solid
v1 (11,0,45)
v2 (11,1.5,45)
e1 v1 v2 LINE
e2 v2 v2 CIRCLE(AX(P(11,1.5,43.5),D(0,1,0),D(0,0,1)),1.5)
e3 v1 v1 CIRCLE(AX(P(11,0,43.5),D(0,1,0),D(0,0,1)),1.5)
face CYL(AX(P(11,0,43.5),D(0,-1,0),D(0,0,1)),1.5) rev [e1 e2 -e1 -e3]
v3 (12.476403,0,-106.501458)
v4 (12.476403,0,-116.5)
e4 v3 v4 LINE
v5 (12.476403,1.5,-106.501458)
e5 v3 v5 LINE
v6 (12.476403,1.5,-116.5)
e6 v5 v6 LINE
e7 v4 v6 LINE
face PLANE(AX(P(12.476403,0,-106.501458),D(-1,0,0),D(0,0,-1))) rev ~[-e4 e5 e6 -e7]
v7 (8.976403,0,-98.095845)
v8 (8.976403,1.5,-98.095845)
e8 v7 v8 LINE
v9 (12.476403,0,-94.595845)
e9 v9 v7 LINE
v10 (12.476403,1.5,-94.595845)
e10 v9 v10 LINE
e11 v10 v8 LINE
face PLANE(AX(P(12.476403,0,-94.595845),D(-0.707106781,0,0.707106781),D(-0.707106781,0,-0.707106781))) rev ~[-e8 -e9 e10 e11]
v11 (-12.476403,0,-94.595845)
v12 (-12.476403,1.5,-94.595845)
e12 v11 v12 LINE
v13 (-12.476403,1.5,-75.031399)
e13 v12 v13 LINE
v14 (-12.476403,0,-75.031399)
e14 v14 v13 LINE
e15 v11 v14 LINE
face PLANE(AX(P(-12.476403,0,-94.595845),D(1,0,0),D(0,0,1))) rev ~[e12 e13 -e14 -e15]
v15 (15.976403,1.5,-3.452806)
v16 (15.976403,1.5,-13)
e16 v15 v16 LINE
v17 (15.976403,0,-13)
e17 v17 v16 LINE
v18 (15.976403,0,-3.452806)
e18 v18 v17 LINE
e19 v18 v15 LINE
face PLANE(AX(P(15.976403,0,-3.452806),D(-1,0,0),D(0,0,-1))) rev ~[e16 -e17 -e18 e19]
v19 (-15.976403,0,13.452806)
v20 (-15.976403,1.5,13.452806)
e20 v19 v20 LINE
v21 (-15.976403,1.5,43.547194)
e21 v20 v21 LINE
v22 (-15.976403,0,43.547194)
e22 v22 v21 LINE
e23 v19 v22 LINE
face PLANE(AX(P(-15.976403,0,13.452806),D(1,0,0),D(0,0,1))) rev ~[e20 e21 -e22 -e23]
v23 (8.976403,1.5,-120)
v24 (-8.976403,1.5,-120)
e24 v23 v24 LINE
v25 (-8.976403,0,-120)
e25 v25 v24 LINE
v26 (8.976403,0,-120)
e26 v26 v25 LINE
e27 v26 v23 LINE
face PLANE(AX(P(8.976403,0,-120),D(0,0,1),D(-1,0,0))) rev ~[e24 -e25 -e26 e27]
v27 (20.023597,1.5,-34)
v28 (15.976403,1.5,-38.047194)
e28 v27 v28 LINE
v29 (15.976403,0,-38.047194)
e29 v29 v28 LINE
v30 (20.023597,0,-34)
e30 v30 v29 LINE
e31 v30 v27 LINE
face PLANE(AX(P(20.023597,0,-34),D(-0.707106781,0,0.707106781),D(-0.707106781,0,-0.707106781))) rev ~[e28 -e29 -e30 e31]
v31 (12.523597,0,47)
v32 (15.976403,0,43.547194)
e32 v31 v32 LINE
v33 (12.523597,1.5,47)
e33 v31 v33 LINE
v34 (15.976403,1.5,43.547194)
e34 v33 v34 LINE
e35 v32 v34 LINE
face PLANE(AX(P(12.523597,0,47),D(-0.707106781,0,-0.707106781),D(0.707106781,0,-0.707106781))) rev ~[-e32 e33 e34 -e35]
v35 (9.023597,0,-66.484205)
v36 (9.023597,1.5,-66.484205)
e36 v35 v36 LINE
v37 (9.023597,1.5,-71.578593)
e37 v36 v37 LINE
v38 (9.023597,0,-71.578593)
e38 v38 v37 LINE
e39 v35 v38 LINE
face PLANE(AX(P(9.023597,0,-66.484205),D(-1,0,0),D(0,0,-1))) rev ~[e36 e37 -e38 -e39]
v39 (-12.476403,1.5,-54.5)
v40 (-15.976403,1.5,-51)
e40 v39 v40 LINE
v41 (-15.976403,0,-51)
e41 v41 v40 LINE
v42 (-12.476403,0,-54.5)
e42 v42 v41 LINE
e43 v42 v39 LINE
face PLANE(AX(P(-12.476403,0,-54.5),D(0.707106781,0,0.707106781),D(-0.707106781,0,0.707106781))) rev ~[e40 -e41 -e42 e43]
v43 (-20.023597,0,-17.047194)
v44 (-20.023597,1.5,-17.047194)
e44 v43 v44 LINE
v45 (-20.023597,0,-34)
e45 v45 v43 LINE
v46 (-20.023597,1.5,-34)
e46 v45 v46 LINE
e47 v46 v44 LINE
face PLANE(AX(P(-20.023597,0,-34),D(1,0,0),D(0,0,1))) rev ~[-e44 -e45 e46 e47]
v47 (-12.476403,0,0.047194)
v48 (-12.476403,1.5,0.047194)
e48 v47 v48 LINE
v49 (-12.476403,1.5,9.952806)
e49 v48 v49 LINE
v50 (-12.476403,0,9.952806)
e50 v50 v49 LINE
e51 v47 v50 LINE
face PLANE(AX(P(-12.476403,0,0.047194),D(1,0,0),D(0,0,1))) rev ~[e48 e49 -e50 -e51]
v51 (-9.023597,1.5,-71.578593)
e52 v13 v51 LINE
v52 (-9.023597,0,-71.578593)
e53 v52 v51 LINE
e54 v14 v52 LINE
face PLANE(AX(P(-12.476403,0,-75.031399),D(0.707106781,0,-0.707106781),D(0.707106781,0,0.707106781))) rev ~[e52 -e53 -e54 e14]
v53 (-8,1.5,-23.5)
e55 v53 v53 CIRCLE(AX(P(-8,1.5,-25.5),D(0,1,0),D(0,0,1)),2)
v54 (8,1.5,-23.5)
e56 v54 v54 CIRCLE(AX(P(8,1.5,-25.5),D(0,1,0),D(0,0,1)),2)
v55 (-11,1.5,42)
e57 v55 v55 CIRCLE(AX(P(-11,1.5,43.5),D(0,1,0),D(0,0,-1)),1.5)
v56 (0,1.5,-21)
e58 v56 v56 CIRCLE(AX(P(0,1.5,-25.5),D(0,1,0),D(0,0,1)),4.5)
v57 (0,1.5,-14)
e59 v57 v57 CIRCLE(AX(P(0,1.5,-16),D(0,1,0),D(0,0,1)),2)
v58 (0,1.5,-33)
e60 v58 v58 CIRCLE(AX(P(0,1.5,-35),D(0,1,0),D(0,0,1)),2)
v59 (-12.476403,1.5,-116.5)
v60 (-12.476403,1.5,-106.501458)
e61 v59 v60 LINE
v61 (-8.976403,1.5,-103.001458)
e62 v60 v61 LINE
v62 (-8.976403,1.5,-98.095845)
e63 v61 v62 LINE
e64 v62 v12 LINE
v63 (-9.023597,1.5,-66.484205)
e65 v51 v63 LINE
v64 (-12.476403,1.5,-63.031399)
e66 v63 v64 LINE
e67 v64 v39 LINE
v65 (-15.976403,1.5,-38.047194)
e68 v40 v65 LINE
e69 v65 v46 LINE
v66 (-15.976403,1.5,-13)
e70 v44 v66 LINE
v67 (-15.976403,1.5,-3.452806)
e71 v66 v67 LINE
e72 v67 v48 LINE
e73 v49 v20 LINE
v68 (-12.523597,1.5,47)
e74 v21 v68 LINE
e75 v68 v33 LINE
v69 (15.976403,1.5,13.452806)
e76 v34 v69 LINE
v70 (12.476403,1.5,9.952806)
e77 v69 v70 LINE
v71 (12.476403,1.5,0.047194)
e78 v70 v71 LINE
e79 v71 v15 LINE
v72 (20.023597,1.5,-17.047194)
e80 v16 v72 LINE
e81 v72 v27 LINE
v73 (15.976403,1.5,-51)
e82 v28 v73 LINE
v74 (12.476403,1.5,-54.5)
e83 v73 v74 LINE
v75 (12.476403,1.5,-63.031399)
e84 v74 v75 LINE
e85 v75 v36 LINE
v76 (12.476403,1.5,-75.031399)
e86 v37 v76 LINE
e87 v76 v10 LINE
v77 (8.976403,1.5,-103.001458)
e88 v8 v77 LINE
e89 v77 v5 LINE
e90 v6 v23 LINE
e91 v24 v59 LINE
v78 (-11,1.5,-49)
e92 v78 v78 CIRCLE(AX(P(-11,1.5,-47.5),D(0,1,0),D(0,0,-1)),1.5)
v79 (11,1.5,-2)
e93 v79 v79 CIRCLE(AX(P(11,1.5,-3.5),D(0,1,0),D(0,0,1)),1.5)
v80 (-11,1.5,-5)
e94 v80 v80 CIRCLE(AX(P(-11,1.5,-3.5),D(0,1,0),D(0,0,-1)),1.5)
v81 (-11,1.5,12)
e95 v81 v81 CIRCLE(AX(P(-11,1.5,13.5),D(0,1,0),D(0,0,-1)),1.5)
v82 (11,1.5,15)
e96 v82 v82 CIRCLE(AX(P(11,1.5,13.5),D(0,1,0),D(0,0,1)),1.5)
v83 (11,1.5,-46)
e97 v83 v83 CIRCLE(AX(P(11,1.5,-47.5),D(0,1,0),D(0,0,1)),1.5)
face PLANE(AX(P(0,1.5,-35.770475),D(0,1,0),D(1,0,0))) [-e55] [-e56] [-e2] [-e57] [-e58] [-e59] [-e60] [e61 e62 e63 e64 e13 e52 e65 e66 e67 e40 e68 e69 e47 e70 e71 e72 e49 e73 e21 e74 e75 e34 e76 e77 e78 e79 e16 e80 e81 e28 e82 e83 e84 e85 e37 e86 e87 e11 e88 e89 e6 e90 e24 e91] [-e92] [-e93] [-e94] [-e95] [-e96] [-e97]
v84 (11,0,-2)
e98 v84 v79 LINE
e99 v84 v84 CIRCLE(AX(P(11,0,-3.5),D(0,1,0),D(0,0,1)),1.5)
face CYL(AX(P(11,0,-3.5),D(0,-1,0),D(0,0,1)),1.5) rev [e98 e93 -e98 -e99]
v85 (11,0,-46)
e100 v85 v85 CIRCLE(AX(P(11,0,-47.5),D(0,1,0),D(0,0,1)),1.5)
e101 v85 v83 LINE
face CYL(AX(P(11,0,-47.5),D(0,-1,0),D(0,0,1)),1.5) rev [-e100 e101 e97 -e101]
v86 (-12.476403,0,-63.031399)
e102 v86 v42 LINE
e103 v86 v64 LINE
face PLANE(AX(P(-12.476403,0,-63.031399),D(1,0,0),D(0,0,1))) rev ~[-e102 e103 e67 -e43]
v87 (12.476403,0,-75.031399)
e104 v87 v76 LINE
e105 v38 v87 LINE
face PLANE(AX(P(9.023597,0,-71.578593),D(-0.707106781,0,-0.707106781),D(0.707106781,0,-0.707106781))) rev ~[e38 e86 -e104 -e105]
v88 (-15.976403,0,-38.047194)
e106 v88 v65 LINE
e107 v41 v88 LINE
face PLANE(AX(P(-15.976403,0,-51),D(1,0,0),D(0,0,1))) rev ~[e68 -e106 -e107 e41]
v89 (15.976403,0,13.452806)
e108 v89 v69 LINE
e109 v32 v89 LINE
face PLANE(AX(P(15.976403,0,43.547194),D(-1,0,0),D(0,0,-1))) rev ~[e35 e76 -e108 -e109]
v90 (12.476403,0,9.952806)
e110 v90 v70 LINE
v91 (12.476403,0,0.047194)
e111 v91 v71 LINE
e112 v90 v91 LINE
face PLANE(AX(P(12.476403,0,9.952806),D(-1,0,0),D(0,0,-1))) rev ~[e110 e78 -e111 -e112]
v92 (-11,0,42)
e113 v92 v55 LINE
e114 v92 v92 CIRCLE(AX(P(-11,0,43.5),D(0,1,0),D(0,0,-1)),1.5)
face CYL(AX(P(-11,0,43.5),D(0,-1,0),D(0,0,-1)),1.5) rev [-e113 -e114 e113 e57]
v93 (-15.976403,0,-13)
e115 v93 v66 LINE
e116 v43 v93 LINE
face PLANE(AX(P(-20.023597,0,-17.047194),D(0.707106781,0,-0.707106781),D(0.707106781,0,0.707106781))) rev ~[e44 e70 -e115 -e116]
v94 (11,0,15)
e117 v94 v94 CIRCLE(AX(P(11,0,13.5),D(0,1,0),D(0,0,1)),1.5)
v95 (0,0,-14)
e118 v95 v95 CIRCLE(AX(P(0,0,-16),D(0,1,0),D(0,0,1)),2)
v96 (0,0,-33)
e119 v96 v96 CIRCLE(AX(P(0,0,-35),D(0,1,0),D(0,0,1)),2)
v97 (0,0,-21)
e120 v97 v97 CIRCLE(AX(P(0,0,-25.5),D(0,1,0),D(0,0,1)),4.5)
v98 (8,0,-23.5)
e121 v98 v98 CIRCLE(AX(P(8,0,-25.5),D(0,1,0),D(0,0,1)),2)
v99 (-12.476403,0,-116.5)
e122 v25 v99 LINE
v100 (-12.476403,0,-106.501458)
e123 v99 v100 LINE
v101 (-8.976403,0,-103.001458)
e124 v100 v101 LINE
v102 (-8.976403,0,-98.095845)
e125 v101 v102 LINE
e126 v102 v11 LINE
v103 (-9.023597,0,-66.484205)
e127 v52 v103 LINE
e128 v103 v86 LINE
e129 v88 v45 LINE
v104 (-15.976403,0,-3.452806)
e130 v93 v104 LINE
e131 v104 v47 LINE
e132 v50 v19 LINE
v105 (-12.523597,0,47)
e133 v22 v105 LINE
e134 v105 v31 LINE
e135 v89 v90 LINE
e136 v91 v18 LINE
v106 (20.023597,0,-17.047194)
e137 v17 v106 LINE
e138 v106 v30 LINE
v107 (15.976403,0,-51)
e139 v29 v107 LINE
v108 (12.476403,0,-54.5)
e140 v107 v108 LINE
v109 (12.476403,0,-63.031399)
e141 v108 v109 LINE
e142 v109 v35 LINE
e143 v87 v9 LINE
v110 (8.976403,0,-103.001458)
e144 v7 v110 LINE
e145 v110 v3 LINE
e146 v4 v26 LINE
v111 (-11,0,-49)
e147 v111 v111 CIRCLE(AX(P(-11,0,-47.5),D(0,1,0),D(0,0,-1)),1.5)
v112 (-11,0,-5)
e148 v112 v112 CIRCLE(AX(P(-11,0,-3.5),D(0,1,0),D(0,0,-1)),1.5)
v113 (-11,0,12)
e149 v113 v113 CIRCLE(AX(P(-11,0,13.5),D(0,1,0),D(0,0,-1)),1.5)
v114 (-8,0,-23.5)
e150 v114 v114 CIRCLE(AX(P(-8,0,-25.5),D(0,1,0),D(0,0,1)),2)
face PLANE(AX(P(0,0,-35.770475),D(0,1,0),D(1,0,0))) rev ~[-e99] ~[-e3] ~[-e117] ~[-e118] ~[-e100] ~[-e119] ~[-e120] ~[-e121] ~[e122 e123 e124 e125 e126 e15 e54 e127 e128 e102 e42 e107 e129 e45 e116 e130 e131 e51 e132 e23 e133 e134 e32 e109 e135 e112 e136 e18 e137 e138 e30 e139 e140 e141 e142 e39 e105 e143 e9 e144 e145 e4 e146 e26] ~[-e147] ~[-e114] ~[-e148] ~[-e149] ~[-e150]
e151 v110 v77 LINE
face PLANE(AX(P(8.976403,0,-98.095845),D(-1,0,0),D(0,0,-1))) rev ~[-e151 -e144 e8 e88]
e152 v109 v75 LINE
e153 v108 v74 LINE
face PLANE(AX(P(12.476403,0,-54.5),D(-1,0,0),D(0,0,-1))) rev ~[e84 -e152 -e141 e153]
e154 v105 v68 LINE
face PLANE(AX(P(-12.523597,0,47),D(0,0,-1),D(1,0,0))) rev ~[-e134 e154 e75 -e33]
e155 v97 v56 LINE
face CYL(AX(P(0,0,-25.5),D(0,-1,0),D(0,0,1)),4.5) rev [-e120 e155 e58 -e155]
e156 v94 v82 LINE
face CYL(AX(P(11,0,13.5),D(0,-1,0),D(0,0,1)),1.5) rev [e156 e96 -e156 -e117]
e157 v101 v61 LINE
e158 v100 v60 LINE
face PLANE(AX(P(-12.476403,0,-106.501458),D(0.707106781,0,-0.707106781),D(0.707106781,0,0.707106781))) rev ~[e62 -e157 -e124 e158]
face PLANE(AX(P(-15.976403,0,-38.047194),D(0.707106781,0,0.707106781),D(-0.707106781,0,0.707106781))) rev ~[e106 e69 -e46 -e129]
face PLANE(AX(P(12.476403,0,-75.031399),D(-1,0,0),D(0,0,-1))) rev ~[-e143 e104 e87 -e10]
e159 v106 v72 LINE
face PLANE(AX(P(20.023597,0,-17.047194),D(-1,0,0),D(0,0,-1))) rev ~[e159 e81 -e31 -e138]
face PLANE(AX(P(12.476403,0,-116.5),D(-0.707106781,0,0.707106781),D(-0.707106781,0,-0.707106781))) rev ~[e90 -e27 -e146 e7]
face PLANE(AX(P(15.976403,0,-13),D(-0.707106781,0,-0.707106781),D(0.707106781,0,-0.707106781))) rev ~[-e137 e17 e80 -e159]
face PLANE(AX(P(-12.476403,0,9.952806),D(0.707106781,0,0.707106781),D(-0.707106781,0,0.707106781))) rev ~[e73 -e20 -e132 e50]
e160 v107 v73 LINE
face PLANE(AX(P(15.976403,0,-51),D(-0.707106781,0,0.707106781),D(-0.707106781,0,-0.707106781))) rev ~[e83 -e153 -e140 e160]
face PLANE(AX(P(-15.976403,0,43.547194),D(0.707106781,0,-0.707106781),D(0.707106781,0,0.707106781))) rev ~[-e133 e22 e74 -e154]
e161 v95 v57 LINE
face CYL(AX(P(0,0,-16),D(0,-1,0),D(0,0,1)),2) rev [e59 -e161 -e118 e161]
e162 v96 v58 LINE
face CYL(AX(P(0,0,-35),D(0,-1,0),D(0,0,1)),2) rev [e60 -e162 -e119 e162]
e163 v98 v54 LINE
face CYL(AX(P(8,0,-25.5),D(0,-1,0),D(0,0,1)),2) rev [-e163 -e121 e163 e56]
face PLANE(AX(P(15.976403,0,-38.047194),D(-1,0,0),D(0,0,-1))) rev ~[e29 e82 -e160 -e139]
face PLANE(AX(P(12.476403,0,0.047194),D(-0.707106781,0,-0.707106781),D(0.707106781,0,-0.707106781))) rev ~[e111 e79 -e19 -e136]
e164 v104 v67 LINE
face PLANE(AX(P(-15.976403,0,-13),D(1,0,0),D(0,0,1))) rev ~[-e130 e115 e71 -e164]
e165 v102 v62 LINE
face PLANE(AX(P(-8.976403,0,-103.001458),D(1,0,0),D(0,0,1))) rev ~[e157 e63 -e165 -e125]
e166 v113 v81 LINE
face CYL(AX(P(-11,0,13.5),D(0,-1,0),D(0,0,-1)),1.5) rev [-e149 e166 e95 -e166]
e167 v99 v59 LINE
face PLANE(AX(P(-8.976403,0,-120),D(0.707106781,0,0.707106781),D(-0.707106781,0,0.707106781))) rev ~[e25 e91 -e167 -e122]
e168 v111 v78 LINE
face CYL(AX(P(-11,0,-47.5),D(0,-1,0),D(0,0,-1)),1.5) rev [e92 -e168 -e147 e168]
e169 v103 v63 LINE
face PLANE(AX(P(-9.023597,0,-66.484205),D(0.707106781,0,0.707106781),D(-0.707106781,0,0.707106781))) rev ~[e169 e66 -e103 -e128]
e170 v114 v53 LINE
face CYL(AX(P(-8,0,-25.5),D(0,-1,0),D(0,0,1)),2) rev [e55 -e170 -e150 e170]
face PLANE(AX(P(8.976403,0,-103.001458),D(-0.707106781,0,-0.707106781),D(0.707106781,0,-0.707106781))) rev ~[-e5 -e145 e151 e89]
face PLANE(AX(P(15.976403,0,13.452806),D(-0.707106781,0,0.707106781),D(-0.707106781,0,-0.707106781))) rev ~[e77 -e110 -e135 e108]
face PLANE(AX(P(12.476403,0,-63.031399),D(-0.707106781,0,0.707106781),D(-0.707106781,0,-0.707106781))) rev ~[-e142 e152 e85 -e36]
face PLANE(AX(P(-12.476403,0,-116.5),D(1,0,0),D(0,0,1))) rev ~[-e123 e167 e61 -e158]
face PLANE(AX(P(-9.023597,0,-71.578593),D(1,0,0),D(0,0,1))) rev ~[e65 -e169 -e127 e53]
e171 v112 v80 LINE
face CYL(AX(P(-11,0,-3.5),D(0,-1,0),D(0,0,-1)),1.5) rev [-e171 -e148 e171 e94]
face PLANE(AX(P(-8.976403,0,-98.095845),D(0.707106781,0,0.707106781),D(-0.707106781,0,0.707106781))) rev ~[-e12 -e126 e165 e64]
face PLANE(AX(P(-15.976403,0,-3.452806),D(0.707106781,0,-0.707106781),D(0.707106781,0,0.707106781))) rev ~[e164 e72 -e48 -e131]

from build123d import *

# Parameters (mm, degrees)
SKETCH_1_R      = 4.5
SKETCH_1_R_2    = 2
SKETCH_1_R_3    = 1.5
EXTRUDE_1_DEPTH = 1.5


with BuildPart() as part:
    # 草图1 → 凸台-拉伸1 (new body)
    with BuildSketch(Plane(origin=(0, 0, 0), x_dir=(1, 0, 0), z_dir=(0, 1, 0))):
        Polygon((20.023596815, 17.047193631), (20.023596815, 34), (15.976403185, 38.047193631), (15.976403185, 51), (12.476403185, 54.5), (12.476403185, 57), (12.476403185, 63.031398934), (9.023596815, 66.484205303), (9.023596815, 71.578592565), (12.476403185, 75.031398934), (12.476403185, 94.595844768), (8.976403185, 98.095844768), (8.976403185, 103.001457506), (12.476403185, 106.501457506), (12.476403185, 116.5), (8.976403185, 120), (-8.976403185, 120), (-12.476403185, 116.5), (-12.476403185, 106.501457506), (-8.976403185, 103.001457506), (-8.976403185, 98.095844768), (-12.476403185, 94.595844768), (-12.476403185, 75.031398934), (-9.023596815, 71.578592565), (-9.023596815, 66.484205303), (-12.476403185, 63.031398934), (-12.476403185, 57), (-12.476403185, 54.5), (-15.976403185, 51), (-15.976403185, 38.047193631), (-20.023596815, 34), (-20.023596815, 17.047193631), (-15.976403185, 13), (-15.976403185, 3.452806369), (-12.476403185, -0.047193631), (-12.476403185, -9.952806369), (-15.976403185, -13.452806369), (-15.976403185, -43.547193631), (-12.523596815, -47), (12.523596815, -47), (15.976403185, -43.547193631), (15.976403185, -13.452806369), (12.476403185, -9.952806369), (12.476403185, -0.047193631), (15.976403185, 3.452806369), (15.976403185, 13), align=None)
        with Locations(Location((0, 25.5, 0), (0, 0, 270))):
            Circle(SKETCH_1_R, mode=Mode.SUBTRACT)
        with Locations(Location((8, 25.5, 0), (0, 0, 270))):
            Circle(SKETCH_1_R_2, mode=Mode.SUBTRACT)
        with Locations(Location((0, 16, 0), (0, 0, 270))):
            Circle(SKETCH_1_R_2, mode=Mode.SUBTRACT)
        with Locations(Location((-8, 25.5, 0), (0, 0, 270))):
            Circle(SKETCH_1_R_2, mode=Mode.SUBTRACT)
        with Locations(Location((0, 35, 0), (0, 0, 270))):
            Circle(SKETCH_1_R_2, mode=Mode.SUBTRACT)
        with Locations(Location((11, 3.5, 0), (0, 0, 270))):
            Circle(SKETCH_1_R_3, mode=Mode.SUBTRACT)
        with Locations(Location((11, 47.5, 0), (0, 0, 270))):
            Circle(SKETCH_1_R_3, mode=Mode.SUBTRACT)
        with Locations(Location((-11, 47.5, 0), (0, 0, 90))):
            Circle(SKETCH_1_R_3, mode=Mode.SUBTRACT)
        with Locations(Location((-11, 3.5, 0), (0, 0, 90))):
            Circle(SKETCH_1_R_3, mode=Mode.SUBTRACT)
        with Locations(Location((11, -13.5, 0), (0, 0, 270))):
            Circle(SKETCH_1_R_3, mode=Mode.SUBTRACT)
        with Locations(Location((11, -43.5, 0), (0, 0, 270))):
            Circle(SKETCH_1_R_3, mode=Mode.SUBTRACT)
        with Locations(Location((-11, -13.5, 0), (0, 0, 90))):
            Circle(SKETCH_1_R_3, mode=Mode.SUBTRACT)
        with Locations(Location((-11, -43.5, 0), (0, 0, 90))):
            Circle(SKETCH_1_R_3, mode=Mode.SUBTRACT)
    extrude(amount=EXTRUDE_1_DEPTH)


solid = part.part
